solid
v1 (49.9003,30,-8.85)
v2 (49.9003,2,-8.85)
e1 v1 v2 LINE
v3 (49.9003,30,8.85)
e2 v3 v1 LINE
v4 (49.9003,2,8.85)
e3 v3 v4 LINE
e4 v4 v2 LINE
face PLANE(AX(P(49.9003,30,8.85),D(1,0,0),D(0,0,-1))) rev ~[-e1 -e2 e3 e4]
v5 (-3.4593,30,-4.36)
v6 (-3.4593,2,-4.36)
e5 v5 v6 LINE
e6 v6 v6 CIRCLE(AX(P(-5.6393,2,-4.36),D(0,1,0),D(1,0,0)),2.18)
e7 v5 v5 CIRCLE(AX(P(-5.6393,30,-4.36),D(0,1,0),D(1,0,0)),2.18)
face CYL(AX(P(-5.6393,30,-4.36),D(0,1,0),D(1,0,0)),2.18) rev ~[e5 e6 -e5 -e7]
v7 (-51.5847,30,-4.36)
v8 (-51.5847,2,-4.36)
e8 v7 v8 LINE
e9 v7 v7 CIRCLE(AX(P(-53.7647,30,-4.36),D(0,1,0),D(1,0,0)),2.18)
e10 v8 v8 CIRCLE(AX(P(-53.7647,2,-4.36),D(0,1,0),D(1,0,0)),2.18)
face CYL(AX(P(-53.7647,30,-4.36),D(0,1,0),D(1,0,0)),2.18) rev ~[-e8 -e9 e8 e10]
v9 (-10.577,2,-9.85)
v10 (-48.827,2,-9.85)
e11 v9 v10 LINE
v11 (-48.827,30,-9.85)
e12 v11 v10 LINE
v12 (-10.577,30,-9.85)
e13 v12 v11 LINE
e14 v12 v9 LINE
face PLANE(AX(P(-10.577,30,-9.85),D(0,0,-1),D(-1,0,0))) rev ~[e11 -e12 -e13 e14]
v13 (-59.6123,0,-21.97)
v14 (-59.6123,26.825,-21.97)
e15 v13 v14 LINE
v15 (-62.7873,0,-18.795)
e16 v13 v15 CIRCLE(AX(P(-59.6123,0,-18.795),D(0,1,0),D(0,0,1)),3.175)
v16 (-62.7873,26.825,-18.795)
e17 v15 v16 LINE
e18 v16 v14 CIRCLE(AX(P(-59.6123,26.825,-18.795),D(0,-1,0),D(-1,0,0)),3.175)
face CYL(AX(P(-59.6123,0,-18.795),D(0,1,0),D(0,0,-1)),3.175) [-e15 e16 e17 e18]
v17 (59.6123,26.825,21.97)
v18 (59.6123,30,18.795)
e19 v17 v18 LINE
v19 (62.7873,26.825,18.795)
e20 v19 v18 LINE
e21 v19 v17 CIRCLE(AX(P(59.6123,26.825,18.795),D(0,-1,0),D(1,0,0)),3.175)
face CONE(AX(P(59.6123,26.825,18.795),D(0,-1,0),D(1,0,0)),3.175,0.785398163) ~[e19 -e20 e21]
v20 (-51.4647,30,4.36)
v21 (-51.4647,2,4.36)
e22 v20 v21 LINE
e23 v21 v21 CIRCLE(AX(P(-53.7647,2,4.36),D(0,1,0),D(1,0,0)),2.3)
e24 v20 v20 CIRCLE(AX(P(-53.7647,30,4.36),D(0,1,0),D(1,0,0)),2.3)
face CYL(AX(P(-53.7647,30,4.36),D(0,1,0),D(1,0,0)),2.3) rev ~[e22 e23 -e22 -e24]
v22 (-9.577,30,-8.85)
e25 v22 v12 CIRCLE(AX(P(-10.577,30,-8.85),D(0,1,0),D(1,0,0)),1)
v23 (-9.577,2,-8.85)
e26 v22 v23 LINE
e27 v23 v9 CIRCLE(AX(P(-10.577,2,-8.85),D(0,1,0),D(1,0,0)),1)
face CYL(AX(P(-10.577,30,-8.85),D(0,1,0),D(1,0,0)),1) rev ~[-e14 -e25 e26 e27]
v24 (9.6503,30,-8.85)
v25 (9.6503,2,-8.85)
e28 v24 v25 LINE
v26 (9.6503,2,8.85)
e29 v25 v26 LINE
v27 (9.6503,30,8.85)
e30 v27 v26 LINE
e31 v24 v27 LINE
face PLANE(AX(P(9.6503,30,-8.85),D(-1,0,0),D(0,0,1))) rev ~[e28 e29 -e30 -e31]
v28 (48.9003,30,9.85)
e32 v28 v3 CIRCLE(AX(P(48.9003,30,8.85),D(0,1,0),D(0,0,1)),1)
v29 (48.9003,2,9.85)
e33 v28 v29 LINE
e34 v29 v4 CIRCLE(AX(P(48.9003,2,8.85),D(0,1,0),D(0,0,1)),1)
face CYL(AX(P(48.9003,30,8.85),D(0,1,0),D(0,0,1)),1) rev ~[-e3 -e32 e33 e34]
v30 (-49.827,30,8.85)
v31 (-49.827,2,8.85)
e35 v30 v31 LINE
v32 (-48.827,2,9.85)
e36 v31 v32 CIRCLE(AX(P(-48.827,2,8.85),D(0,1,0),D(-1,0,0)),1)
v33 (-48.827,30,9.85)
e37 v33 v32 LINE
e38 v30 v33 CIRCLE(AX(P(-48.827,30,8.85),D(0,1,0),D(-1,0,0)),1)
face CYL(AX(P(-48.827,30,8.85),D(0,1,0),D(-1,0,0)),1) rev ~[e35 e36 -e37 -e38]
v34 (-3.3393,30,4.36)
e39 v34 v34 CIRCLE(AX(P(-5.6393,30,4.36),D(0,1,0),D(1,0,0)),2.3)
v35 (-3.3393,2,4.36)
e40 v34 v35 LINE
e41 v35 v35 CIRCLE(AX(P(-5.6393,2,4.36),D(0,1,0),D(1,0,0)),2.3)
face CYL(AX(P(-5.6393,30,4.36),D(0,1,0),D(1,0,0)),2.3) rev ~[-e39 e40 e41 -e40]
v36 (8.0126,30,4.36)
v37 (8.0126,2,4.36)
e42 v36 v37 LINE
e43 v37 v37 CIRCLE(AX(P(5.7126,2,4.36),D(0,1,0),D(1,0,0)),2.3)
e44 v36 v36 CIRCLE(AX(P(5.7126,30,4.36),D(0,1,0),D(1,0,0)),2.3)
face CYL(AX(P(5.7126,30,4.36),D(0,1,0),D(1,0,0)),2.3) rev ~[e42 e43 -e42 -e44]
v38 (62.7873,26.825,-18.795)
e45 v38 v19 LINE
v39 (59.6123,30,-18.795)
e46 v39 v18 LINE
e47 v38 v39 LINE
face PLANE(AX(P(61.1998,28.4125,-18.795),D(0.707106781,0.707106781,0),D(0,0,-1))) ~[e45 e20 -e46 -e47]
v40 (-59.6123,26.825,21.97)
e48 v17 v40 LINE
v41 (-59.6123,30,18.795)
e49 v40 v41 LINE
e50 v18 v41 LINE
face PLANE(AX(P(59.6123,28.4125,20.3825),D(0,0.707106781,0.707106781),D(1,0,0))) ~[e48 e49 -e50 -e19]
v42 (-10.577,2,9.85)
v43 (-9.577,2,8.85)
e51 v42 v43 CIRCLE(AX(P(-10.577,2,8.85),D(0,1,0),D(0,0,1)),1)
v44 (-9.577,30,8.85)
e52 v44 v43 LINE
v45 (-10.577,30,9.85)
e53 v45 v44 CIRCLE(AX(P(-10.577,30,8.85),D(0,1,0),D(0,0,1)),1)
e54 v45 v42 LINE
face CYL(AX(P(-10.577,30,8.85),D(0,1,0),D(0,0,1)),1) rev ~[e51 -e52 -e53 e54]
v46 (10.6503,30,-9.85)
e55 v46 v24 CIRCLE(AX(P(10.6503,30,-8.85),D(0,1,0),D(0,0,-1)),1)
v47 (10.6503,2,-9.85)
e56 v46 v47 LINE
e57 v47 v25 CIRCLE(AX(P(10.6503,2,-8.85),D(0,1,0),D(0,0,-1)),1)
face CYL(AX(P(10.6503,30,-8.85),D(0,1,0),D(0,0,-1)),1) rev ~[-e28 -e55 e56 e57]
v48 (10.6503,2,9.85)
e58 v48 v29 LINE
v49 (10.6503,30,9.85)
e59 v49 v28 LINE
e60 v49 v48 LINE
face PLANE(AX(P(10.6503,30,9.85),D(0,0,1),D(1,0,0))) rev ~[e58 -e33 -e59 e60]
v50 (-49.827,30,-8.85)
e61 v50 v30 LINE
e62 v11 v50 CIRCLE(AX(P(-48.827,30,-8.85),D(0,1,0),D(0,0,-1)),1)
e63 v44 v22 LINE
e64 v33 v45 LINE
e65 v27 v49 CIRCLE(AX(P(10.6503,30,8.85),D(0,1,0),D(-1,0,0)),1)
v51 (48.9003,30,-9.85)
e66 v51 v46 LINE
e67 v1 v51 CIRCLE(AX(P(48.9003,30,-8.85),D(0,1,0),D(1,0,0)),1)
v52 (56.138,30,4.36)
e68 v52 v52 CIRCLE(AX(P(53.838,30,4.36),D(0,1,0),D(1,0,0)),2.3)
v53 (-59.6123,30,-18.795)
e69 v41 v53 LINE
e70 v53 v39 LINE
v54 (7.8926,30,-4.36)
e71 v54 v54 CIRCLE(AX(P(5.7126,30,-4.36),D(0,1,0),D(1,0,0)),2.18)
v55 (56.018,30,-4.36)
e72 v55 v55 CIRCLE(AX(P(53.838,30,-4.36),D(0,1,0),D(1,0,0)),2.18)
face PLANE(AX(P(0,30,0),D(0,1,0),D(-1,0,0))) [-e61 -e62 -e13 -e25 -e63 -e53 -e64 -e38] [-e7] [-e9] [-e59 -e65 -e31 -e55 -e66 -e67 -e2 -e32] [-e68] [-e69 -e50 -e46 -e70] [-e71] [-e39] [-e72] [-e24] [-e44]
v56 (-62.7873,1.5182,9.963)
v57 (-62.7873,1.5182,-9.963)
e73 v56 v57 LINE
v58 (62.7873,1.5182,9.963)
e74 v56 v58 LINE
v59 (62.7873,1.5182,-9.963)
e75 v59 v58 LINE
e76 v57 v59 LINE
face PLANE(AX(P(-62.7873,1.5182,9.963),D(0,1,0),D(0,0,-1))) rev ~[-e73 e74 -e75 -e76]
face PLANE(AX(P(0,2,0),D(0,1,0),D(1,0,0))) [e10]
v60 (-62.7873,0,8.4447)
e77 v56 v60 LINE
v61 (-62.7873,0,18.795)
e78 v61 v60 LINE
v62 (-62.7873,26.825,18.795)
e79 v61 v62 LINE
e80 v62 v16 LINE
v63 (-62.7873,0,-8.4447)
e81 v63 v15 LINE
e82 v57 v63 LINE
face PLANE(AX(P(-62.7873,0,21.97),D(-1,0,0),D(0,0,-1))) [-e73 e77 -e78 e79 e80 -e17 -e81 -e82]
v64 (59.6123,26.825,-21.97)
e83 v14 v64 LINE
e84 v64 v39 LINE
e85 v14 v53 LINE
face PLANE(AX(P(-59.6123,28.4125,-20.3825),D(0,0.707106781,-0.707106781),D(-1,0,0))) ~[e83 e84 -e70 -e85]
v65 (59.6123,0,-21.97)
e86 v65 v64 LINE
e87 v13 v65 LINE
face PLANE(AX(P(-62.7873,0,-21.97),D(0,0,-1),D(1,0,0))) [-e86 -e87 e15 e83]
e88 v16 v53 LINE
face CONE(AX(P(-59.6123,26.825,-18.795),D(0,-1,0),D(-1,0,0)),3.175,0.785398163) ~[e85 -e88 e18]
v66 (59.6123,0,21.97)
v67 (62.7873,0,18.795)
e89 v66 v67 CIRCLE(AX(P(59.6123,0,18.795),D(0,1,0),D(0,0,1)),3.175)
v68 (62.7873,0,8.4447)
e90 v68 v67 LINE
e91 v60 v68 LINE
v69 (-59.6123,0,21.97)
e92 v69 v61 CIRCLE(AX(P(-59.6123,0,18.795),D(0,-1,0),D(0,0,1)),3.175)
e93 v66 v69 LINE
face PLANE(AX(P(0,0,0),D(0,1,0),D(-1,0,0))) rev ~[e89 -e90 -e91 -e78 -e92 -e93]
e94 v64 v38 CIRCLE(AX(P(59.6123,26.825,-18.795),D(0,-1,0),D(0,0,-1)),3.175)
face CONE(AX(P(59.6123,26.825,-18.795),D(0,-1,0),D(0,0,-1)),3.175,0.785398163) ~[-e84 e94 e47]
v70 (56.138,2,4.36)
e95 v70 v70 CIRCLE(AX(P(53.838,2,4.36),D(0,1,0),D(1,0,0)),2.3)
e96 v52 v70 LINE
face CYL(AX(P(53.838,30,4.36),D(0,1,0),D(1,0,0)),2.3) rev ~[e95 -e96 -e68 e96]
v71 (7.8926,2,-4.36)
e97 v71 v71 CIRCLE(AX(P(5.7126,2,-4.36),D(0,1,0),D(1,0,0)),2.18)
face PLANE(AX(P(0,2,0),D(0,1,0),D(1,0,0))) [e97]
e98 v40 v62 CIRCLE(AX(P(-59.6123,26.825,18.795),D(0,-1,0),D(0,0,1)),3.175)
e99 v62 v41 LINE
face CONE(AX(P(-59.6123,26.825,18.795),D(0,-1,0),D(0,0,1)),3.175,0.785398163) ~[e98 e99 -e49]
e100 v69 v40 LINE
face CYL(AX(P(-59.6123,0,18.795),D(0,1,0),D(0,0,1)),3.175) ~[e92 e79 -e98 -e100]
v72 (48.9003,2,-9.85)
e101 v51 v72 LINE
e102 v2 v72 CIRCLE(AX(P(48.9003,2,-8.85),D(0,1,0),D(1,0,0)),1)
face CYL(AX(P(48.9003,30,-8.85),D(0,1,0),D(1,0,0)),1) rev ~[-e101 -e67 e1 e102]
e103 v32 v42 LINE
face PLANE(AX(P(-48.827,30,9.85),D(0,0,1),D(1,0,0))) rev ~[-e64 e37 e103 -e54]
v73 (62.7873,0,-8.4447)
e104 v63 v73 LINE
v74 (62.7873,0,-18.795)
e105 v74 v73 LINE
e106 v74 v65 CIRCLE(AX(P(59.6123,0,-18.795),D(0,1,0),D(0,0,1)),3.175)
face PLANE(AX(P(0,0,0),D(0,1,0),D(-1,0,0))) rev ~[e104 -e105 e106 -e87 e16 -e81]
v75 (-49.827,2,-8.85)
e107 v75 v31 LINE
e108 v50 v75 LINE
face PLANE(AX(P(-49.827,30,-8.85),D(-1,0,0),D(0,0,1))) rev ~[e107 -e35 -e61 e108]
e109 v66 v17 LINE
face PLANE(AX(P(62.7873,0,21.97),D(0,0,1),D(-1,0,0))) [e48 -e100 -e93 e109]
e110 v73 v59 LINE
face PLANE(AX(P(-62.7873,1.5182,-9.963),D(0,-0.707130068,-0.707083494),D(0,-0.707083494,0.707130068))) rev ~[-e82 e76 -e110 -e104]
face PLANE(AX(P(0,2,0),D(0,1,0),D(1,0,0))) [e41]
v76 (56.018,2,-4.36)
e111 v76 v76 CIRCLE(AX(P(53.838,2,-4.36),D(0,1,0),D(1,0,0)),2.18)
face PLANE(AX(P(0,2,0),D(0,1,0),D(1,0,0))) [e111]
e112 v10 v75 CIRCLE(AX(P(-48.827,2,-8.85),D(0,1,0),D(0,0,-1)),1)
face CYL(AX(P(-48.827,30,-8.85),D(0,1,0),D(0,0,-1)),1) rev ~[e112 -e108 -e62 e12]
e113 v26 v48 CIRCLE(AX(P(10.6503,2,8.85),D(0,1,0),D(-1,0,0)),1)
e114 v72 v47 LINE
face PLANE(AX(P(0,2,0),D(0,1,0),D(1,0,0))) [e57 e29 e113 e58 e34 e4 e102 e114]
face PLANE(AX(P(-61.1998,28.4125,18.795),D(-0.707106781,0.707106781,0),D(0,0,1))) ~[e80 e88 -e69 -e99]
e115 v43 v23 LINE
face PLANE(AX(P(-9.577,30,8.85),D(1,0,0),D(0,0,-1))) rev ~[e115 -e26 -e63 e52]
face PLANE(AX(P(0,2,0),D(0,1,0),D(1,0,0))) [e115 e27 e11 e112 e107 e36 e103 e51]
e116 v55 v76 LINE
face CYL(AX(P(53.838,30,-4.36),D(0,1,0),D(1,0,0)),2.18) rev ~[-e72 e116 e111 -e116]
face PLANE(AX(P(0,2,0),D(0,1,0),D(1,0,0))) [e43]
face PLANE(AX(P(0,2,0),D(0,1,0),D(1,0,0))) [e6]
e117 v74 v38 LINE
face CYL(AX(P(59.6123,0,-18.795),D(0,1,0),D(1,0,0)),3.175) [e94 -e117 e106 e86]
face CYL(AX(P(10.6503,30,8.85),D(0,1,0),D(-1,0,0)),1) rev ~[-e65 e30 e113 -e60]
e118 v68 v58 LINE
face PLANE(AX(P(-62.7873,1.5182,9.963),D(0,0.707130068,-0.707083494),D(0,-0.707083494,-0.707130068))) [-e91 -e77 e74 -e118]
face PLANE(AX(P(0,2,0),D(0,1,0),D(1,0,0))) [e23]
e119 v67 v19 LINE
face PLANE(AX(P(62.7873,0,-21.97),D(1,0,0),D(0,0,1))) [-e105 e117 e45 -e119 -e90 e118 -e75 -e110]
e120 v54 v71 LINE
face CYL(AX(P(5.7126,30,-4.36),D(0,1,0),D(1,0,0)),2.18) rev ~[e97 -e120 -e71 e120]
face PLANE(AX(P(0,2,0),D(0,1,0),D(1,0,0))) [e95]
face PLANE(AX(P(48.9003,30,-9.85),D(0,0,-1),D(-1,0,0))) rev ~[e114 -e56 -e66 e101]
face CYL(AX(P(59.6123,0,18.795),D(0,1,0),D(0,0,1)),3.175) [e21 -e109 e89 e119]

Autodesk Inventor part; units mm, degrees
ref_plane "XZ Plane" through (0, 0, 0) normal (0, 1, 0) x (-1, 0, 0)
sketch "Sketch1" plane through (0, 0, 0) normal (0, 1, 0) x (-1, 0, 0)
  line L0 (-10.577, 9.85) -> (-48.827, 9.85) construction
  arc A0 (-9.577, 8.85) -> (-10.577, 9.85) centre (-10.577, 8.85) ccw construction
  line L1 (-9.577, -8.85) -> (-9.577, 8.85) construction
  arc A1 (-10.577, -9.85) -> (-9.577, -8.85) centre (-10.577, -8.85) ccw construction
  line L2 (-48.827, -9.85) -> (-10.577, -9.85) construction
  arc A2 (-49.827, -8.85) -> (-48.827, -9.85) centre (-48.827, -8.85) ccw construction
  line L3 (-49.827, 8.85) -> (-49.827, -8.85) construction
  arc A3 (-48.827, 9.85) -> (-49.827, 8.85) centre (-48.827, 8.85) ccw construction
  circle A4 centre (-19.427, 0) radius 6.44 construction
  circle A5 centre (-19.427, 0) radius 5.44 construction
  line L4 (-9.577, 9.475) -> (-3.217, 9.475) construction
  arc A6 (-2.217, 8.475) -> (-3.217, 9.475) centre (-3.217, 8.475) ccw construction
  line L5 (-2.217, -8.475) -> (-2.217, 8.475) construction
  arc A7 (-3.217, -9.475) -> (-2.217, -8.475) centre (-3.217, -8.475) ccw construction
  line L6 (-9.577, -9.475) -> (-3.217, -9.475) construction
  circle A8 centre (-5.6393, -4.36) radius 2.3 construction
  circle A9 centre (-5.6393, 4.36) radius 2.18 construction
  line L7 (-49.6076, 9.475) -> (-56.187, 9.475) construction
  arc A10 (-56.187, 9.475) -> (-57.187, 8.475) centre (-56.187, 8.475) ccw construction
  line L8 (-57.187, -8.475) -> (-57.187, 8.475) construction
  circle A11 centre (-53.7647, 4.36) radius 2.18 construction
  circle A12 centre (-53.7647, -4.36) radius 2.3 construction
  line L9 (-56.187, -9.475) -> (-49.6076, -9.475) construction
  arc A13 (-57.187, -8.475) -> (-56.187, -9.475) centre (-56.187, -8.475) ccw construction
  line L10 (48.9003, 9.85) -> (10.6503, 9.85) construction
  arc A14 (49.9003, 8.85) -> (48.9003, 9.85) centre (48.9003, 8.85) ccw construction
  line L11 (49.9003, -8.85) -> (49.9003, 8.85) construction
  arc A15 (48.9003, -9.85) -> (49.9003, -8.85) centre (48.9003, -8.85) ccw construction
  line L12 (10.6503, -9.85) -> (48.9003, -9.85) construction
  arc A16 (9.6503, -8.85) -> (10.6503, -9.85) centre (10.6503, -8.85) ccw construction
  line L13 (9.6503, 8.85) -> (9.6503, -8.85) construction
  arc A17 (10.6503, 9.85) -> (9.6503, 8.85) centre (10.6503, 8.85) ccw construction
  circle A18 centre (40.0503, 0) radius 6.44 construction
  circle A19 centre (40.0503, 0) radius 5.44 construction
  line L14 (49.9003, 9.475) -> (56.2603, 9.475) construction
  arc A20 (57.2603, 8.475) -> (56.2603, 9.475) centre (56.2603, 8.475) ccw construction
  line L15 (57.2603, -8.475) -> (57.2603, 8.475) construction
  arc A21 (56.2603, -9.475) -> (57.2603, -8.475) centre (56.2603, -8.475) ccw construction
  line L16 (49.9003, -9.475) -> (56.2603, -9.475) construction
  circle A22 centre (53.838, -4.36) radius 2.3 construction
  circle A23 centre (53.838, 4.36) radius 2.18 construction
  line L17 (9.8697, 9.475) -> (3.2903, 9.475) construction
  arc A24 (3.2903, 9.475) -> (2.2903, 8.475) centre (3.2903, 8.475) ccw construction
  line L18 (2.2903, -8.475) -> (2.2903, 8.475) construction
  circle A25 centre (5.7126, 4.36) radius 2.18 construction
  circle A26 centre (5.7126, -4.36) radius 2.3 construction
  line L19 (3.2903, -9.475) -> (9.8697, -9.475) construction
  arc A27 (2.2903, -8.475) -> (3.2903, -9.475) centre (3.2903, -8.475) ccw construction
  line L20 (-62.7873, 21.97) -> (62.7873, 21.97)
  line L21 (62.7873, 21.97) -> (62.7873, -21.97)
  line L22 (62.7873, -21.97) -> (-62.7873, -21.97)
  line L23 (-62.7873, -21.97) -> (-62.7873, 21.97)
  line L24 (-62.7873, 21.97) -> (62.7873, -21.97) construction
  line L25 (62.7873, 21.97) -> (-62.7873, -21.97) construction
  point P0 (0, 0)
extrude "Socle" add sketch "Sketch1" along normal blind 30
sketch "Sketch2" plane through (0, 30, 0) normal (0, 1, 0) x (1, 0, 0)
  line L0 (-10.577, 9.85) -> (-48.827, 9.85)
  arc A0 (-9.577, 8.85) -> (-10.577, 9.85) centre (-10.577, 8.85) ccw
  line L1 (-9.577, -8.85) -> (-9.577, 8.85)
  arc A1 (-10.577, -9.85) -> (-9.577, -8.85) centre (-10.577, -8.85) ccw
  line L2 (-48.827, -9.85) -> (-10.577, -9.85)
  arc A2 (-49.827, -8.85) -> (-48.827, -9.85) centre (-48.827, -8.85) ccw
  line L3 (-49.827, 8.85) -> (-49.827, -8.85)
  arc A3 (-48.827, 9.85) -> (-49.827, 8.85) centre (-48.827, 8.85) ccw
  circle A4 centre (-19.427, 0) radius 6.44 construction
  circle A5 centre (-19.427, 0) radius 5.44 construction
  line L4 (-9.577, 9.475) -> (-3.217, 9.475) construction
  arc A6 (-2.217, 8.475) -> (-3.217, 9.475) centre (-3.217, 8.475) ccw construction
  line L5 (-2.217, -8.475) -> (-2.217, 8.475) construction
  arc A7 (-3.217, -9.475) -> (-2.217, -8.475) centre (-3.217, -8.475) ccw construction
  line L6 (-9.577, -9.475) -> (-3.217, -9.475) construction
  circle A8 centre (-5.6393, -4.36) radius 2.3
  circle A9 centre (-5.6393, 4.36) radius 2.18
  line L7 (-49.6076, 9.475) -> (-56.187, 9.475) construction
  arc A10 (-56.187, 9.475) -> (-57.187, 8.475) centre (-56.187, 8.475) ccw construction
  line L8 (-57.187, -8.475) -> (-57.187, 8.475) construction
  circle A11 centre (-53.7647, 4.36) radius 2.18
  circle A12 centre (-53.7647, -4.36) radius 2.3
  line L9 (-56.187, -9.475) -> (-49.6076, -9.475) construction
  arc A13 (-57.187, -8.475) -> (-56.187, -9.475) centre (-56.187, -8.475) ccw construction
  circle A14 centre (40.0503, 0) radius 5.44 construction
  circle A15 centre (40.0503, 0) radius 6.44 construction
  line L10 (48.9003, 9.85) -> (10.6503, 9.85)
  line L11 (10.6503, -9.85) -> (48.9003, -9.85)
  arc A16 (48.9003, -9.85) -> (49.9003, -8.85) centre (48.9003, -8.85) ccw
  arc A17 (49.9003, 8.85) -> (48.9003, 9.85) centre (48.9003, 8.85) ccw
  line L12 (49.9003, -8.85) -> (49.9003, 8.85)
  circle A18 centre (53.838, 4.36) radius 2.18
  line L13 (49.9003, 9.475) -> (56.2603, 9.475) construction
  arc A19 (57.2603, 8.475) -> (56.2603, 9.475) centre (56.2603, 8.475) ccw construction
  line L14 (57.2603, -8.475) -> (57.2603, 8.475) construction
  circle A20 centre (53.838, -4.36) radius 2.3
  line L15 (49.9003, -9.475) -> (56.2603, -9.475) construction
  arc A21 (56.2603, -9.475) -> (57.2603, -8.475) centre (56.2603, -8.475) ccw construction
  arc A22 (9.6503, -8.85) -> (10.6503, -9.85) centre (10.6503, -8.85) ccw
  line L16 (9.6503, 8.85) -> (9.6503, -8.85)
  arc A23 (10.6503, 9.85) -> (9.6503, 8.85) centre (10.6503, 8.85) ccw
  line L17 (9.8697, 9.475) -> (3.2903, 9.475) construction
  circle A24 centre (5.7126, 4.36) radius 2.18
  arc A25 (3.2903, 9.475) -> (2.2903, 8.475) centre (3.2903, 8.475) ccw construction
  line L18 (2.2903, -8.475) -> (2.2903, 8.475) construction
  circle A26 centre (5.7126, -4.36) radius 2.3
  line L19 (3.2903, -9.475) -> (9.8697, -9.475) construction
  arc A27 (2.2903, -8.475) -> (3.2903, -9.475) centre (3.2903, -8.475) ccw construction
  line L20 (-62.7873, 21.97) -> (62.7873, 21.97) construction
  line L21 (62.7873, 21.97) -> (62.7873, -21.97) construction
  line L22 (62.7873, -21.97) -> (-62.7873, -21.97) construction
  line L23 (-62.7873, -21.97) -> (-62.7873, 21.97) construction
  line L24 (-62.7873, 21.97) -> (62.7873, -21.97) construction
  line L25 (62.7873, 21.97) -> (-62.7873, -21.97) construction
  point P0 (0, 0)
  point P1 (0, 0)
  point P2 (0, 0)
extrude "empreinte" cut sketch "Sketch2" against normal blind 28
fillet "Fillet1" radius 3.175 1 edges at (-62.7873, 15, 21.97)
fillet "Fillet2" radius 3.175 1 edges at (62.7873, 15, 21.97)
fillet "Fillet3" radius 3.175 1 edges at (62.7873, 15, -21.97)
fillet "Fillet4" radius 3.175 1 edges at (-62.7873, 15, -21.97)
chamfer "Chamfer1" distance 3.175 angle 45 8 edges at (0, 30, 21.97) (61.8574, 30, 21.0401) (62.7873, 30, 0) (61.8574, 30, -21.0401) (0, 30, -21.97) (-61.8574, 30, -21.0401) (-62.7873, 30, 0) (-61.8574, 30, 21.0401)
sketch "Sketch3" plane through (-62.7873, 0, -18.795) normal (-1, 0, 0) x (0, 0, 1)
  point P0 (18.795, 0)
sketch "Sketch4" plane through (-62.7873, 0, -18.795) normal (-1, 0, 0) x (0, 0, 1)
  line L0 (-3.175, 0) -> (-3.175, 26.825) projected
  line L1 (0, 0) -> (-3.175, 0) projected
  line L2 (0, 0) -> (37.59, 0) projected
  line L3 (40.765, 0) -> (37.59, 0) projected
  line L4 (40.765, 26.825) -> (40.765, 0) projected
  point P0 (18.795, 0)
sketch "Sketch5" plane through (-62.7873, 0, -18.795) normal (-1, 0, 0) x (0, 0, 1)
  line L0 (12.255, 30) -> (12.255, 2) construction
  line L1 (28.758, 1.5182) -> (8.832, 1.5182)
  line L2 (8.832, 1.5182) -> (8.832, 0) construction
  line L3 (8.832, 0) -> (28.758, 0) construction
  line L4 (28.758, 0) -> (28.758, 1.5182) construction
  line L5 (28.758, 1.5182) -> (8.832, 0) construction
  line L6 (8.832, 1.5182) -> (28.758, 0) construction
  line L7 (25.455, 30) -> (25.455, 2) construction
  line L8 (8.832, 1.5182) -> (10.3503, 0)
  line L9 (8.832, 1.5182) -> (10.9792, 1.5182) construction
  line L10 (28.758, 1.5182) -> (27.2397, 0)
  line L11 (28.758, 1.5182) -> (30.9051, 1.5182) construction
  line L12 (10.3503, 0) -> (27.2397, 0) construction
  line L13 (10.3503, 0) -> (27.2397, 0)
  line L14 (37.59, 0) -> (0, 0) projected
  point P0 (18.795, 0)
  point P1 (18.795, 0.7591)
  dimension "d11" = 45
  dimension "d12" = 135
extrude "Extrusion3" cut sketch "Sketch5" against normal blind 125.8875
sketch "Sketch6" plane through (62.7873, 0, -18.795) normal (1, 0, 0) x (0, 0, -1)
  line L0 (-28.758, 1.5182) -> (-8.832, 1.5182) projected
  line L1 (-8.832, 1.5182) -> (-10.3503, 0) projected
  line L2 (0, 0) -> (-10.3503, 0) projected
  line L3 (3.175, 0) -> (0, 0) projected
  line L4 (3.175, 0) -> (3.175, 26.825) projected
  line L5 (0, 30) -> (3.175, 26.825) projected
  line L6 (0, 30) -> (-37.59, 30) projected
  line L7 (-40.765, 26.825) -> (-37.59, 30) projected
  line L8 (-40.765, 26.825) -> (-40.765, 0) projected
  line L9 (-37.59, 0) -> (-40.765, 0) projected
  line L10 (-27.2397, 0) -> (-37.59, 0) projected
  line L11 (-9.945, 30) -> (-9.945, 2) projected
  line L12 (-28.645, 30) -> (-28.645, 2) projected
  line L13 (-27.2397, 0) -> (-28.758, 1.5182) projected
  point P0 (-18.795, 0)
sketch "Sketch7" plane through (59.6123, 0, -21.97) normal (0, 0, -1) x (-1, 0, 0)
  point P0 (59.6123, 0)
sketch "Sketch8" plane through (0, 30, 0) normal (0, 1, 0) x (1, 0, 0)
  line L0 (9.6503, -8.85) -> (9.6503, 8.85) projected
  line L1 (10.6503, 9.85) -> (48.9003, 9.85) projected
  line L2 (48.9003, -9.85) -> (10.6503, -9.85) projected
  line L3 (59.6123, -18.795) -> (-59.6123, -18.795) projected
  line L4 (-59.6123, -21.97) -> (59.6123, -21.97) projected
  line L5 (62.7873, 18.795) -> (62.7873, -18.795) projected
  line L6 (62.7873, -21.97) -> (62.7873, -18.795) projected
  line L7 (59.6123, 21.97) -> (-59.6123, 21.97) projected
  line L8 (-62.7873, 18.795) -> (-62.7873, -18.795) projected
  arc A0 (-59.6123, 21.97) -> (-62.7873, 18.795) centre (-59.6123, 18.795) ccw projected
  arc A1 (-62.7873, -18.795) -> (-59.6123, -21.97) centre (-59.6123, -18.795) ccw projected
  arc A2 (62.7873, 18.795) -> (59.6123, 21.97) centre (59.6123, 18.795) ccw projected
  line L9 (-10.577, -9.85) -> (-48.827, -9.85) projected
  point P0 (0, 0)
properties part number "Socle servo"
